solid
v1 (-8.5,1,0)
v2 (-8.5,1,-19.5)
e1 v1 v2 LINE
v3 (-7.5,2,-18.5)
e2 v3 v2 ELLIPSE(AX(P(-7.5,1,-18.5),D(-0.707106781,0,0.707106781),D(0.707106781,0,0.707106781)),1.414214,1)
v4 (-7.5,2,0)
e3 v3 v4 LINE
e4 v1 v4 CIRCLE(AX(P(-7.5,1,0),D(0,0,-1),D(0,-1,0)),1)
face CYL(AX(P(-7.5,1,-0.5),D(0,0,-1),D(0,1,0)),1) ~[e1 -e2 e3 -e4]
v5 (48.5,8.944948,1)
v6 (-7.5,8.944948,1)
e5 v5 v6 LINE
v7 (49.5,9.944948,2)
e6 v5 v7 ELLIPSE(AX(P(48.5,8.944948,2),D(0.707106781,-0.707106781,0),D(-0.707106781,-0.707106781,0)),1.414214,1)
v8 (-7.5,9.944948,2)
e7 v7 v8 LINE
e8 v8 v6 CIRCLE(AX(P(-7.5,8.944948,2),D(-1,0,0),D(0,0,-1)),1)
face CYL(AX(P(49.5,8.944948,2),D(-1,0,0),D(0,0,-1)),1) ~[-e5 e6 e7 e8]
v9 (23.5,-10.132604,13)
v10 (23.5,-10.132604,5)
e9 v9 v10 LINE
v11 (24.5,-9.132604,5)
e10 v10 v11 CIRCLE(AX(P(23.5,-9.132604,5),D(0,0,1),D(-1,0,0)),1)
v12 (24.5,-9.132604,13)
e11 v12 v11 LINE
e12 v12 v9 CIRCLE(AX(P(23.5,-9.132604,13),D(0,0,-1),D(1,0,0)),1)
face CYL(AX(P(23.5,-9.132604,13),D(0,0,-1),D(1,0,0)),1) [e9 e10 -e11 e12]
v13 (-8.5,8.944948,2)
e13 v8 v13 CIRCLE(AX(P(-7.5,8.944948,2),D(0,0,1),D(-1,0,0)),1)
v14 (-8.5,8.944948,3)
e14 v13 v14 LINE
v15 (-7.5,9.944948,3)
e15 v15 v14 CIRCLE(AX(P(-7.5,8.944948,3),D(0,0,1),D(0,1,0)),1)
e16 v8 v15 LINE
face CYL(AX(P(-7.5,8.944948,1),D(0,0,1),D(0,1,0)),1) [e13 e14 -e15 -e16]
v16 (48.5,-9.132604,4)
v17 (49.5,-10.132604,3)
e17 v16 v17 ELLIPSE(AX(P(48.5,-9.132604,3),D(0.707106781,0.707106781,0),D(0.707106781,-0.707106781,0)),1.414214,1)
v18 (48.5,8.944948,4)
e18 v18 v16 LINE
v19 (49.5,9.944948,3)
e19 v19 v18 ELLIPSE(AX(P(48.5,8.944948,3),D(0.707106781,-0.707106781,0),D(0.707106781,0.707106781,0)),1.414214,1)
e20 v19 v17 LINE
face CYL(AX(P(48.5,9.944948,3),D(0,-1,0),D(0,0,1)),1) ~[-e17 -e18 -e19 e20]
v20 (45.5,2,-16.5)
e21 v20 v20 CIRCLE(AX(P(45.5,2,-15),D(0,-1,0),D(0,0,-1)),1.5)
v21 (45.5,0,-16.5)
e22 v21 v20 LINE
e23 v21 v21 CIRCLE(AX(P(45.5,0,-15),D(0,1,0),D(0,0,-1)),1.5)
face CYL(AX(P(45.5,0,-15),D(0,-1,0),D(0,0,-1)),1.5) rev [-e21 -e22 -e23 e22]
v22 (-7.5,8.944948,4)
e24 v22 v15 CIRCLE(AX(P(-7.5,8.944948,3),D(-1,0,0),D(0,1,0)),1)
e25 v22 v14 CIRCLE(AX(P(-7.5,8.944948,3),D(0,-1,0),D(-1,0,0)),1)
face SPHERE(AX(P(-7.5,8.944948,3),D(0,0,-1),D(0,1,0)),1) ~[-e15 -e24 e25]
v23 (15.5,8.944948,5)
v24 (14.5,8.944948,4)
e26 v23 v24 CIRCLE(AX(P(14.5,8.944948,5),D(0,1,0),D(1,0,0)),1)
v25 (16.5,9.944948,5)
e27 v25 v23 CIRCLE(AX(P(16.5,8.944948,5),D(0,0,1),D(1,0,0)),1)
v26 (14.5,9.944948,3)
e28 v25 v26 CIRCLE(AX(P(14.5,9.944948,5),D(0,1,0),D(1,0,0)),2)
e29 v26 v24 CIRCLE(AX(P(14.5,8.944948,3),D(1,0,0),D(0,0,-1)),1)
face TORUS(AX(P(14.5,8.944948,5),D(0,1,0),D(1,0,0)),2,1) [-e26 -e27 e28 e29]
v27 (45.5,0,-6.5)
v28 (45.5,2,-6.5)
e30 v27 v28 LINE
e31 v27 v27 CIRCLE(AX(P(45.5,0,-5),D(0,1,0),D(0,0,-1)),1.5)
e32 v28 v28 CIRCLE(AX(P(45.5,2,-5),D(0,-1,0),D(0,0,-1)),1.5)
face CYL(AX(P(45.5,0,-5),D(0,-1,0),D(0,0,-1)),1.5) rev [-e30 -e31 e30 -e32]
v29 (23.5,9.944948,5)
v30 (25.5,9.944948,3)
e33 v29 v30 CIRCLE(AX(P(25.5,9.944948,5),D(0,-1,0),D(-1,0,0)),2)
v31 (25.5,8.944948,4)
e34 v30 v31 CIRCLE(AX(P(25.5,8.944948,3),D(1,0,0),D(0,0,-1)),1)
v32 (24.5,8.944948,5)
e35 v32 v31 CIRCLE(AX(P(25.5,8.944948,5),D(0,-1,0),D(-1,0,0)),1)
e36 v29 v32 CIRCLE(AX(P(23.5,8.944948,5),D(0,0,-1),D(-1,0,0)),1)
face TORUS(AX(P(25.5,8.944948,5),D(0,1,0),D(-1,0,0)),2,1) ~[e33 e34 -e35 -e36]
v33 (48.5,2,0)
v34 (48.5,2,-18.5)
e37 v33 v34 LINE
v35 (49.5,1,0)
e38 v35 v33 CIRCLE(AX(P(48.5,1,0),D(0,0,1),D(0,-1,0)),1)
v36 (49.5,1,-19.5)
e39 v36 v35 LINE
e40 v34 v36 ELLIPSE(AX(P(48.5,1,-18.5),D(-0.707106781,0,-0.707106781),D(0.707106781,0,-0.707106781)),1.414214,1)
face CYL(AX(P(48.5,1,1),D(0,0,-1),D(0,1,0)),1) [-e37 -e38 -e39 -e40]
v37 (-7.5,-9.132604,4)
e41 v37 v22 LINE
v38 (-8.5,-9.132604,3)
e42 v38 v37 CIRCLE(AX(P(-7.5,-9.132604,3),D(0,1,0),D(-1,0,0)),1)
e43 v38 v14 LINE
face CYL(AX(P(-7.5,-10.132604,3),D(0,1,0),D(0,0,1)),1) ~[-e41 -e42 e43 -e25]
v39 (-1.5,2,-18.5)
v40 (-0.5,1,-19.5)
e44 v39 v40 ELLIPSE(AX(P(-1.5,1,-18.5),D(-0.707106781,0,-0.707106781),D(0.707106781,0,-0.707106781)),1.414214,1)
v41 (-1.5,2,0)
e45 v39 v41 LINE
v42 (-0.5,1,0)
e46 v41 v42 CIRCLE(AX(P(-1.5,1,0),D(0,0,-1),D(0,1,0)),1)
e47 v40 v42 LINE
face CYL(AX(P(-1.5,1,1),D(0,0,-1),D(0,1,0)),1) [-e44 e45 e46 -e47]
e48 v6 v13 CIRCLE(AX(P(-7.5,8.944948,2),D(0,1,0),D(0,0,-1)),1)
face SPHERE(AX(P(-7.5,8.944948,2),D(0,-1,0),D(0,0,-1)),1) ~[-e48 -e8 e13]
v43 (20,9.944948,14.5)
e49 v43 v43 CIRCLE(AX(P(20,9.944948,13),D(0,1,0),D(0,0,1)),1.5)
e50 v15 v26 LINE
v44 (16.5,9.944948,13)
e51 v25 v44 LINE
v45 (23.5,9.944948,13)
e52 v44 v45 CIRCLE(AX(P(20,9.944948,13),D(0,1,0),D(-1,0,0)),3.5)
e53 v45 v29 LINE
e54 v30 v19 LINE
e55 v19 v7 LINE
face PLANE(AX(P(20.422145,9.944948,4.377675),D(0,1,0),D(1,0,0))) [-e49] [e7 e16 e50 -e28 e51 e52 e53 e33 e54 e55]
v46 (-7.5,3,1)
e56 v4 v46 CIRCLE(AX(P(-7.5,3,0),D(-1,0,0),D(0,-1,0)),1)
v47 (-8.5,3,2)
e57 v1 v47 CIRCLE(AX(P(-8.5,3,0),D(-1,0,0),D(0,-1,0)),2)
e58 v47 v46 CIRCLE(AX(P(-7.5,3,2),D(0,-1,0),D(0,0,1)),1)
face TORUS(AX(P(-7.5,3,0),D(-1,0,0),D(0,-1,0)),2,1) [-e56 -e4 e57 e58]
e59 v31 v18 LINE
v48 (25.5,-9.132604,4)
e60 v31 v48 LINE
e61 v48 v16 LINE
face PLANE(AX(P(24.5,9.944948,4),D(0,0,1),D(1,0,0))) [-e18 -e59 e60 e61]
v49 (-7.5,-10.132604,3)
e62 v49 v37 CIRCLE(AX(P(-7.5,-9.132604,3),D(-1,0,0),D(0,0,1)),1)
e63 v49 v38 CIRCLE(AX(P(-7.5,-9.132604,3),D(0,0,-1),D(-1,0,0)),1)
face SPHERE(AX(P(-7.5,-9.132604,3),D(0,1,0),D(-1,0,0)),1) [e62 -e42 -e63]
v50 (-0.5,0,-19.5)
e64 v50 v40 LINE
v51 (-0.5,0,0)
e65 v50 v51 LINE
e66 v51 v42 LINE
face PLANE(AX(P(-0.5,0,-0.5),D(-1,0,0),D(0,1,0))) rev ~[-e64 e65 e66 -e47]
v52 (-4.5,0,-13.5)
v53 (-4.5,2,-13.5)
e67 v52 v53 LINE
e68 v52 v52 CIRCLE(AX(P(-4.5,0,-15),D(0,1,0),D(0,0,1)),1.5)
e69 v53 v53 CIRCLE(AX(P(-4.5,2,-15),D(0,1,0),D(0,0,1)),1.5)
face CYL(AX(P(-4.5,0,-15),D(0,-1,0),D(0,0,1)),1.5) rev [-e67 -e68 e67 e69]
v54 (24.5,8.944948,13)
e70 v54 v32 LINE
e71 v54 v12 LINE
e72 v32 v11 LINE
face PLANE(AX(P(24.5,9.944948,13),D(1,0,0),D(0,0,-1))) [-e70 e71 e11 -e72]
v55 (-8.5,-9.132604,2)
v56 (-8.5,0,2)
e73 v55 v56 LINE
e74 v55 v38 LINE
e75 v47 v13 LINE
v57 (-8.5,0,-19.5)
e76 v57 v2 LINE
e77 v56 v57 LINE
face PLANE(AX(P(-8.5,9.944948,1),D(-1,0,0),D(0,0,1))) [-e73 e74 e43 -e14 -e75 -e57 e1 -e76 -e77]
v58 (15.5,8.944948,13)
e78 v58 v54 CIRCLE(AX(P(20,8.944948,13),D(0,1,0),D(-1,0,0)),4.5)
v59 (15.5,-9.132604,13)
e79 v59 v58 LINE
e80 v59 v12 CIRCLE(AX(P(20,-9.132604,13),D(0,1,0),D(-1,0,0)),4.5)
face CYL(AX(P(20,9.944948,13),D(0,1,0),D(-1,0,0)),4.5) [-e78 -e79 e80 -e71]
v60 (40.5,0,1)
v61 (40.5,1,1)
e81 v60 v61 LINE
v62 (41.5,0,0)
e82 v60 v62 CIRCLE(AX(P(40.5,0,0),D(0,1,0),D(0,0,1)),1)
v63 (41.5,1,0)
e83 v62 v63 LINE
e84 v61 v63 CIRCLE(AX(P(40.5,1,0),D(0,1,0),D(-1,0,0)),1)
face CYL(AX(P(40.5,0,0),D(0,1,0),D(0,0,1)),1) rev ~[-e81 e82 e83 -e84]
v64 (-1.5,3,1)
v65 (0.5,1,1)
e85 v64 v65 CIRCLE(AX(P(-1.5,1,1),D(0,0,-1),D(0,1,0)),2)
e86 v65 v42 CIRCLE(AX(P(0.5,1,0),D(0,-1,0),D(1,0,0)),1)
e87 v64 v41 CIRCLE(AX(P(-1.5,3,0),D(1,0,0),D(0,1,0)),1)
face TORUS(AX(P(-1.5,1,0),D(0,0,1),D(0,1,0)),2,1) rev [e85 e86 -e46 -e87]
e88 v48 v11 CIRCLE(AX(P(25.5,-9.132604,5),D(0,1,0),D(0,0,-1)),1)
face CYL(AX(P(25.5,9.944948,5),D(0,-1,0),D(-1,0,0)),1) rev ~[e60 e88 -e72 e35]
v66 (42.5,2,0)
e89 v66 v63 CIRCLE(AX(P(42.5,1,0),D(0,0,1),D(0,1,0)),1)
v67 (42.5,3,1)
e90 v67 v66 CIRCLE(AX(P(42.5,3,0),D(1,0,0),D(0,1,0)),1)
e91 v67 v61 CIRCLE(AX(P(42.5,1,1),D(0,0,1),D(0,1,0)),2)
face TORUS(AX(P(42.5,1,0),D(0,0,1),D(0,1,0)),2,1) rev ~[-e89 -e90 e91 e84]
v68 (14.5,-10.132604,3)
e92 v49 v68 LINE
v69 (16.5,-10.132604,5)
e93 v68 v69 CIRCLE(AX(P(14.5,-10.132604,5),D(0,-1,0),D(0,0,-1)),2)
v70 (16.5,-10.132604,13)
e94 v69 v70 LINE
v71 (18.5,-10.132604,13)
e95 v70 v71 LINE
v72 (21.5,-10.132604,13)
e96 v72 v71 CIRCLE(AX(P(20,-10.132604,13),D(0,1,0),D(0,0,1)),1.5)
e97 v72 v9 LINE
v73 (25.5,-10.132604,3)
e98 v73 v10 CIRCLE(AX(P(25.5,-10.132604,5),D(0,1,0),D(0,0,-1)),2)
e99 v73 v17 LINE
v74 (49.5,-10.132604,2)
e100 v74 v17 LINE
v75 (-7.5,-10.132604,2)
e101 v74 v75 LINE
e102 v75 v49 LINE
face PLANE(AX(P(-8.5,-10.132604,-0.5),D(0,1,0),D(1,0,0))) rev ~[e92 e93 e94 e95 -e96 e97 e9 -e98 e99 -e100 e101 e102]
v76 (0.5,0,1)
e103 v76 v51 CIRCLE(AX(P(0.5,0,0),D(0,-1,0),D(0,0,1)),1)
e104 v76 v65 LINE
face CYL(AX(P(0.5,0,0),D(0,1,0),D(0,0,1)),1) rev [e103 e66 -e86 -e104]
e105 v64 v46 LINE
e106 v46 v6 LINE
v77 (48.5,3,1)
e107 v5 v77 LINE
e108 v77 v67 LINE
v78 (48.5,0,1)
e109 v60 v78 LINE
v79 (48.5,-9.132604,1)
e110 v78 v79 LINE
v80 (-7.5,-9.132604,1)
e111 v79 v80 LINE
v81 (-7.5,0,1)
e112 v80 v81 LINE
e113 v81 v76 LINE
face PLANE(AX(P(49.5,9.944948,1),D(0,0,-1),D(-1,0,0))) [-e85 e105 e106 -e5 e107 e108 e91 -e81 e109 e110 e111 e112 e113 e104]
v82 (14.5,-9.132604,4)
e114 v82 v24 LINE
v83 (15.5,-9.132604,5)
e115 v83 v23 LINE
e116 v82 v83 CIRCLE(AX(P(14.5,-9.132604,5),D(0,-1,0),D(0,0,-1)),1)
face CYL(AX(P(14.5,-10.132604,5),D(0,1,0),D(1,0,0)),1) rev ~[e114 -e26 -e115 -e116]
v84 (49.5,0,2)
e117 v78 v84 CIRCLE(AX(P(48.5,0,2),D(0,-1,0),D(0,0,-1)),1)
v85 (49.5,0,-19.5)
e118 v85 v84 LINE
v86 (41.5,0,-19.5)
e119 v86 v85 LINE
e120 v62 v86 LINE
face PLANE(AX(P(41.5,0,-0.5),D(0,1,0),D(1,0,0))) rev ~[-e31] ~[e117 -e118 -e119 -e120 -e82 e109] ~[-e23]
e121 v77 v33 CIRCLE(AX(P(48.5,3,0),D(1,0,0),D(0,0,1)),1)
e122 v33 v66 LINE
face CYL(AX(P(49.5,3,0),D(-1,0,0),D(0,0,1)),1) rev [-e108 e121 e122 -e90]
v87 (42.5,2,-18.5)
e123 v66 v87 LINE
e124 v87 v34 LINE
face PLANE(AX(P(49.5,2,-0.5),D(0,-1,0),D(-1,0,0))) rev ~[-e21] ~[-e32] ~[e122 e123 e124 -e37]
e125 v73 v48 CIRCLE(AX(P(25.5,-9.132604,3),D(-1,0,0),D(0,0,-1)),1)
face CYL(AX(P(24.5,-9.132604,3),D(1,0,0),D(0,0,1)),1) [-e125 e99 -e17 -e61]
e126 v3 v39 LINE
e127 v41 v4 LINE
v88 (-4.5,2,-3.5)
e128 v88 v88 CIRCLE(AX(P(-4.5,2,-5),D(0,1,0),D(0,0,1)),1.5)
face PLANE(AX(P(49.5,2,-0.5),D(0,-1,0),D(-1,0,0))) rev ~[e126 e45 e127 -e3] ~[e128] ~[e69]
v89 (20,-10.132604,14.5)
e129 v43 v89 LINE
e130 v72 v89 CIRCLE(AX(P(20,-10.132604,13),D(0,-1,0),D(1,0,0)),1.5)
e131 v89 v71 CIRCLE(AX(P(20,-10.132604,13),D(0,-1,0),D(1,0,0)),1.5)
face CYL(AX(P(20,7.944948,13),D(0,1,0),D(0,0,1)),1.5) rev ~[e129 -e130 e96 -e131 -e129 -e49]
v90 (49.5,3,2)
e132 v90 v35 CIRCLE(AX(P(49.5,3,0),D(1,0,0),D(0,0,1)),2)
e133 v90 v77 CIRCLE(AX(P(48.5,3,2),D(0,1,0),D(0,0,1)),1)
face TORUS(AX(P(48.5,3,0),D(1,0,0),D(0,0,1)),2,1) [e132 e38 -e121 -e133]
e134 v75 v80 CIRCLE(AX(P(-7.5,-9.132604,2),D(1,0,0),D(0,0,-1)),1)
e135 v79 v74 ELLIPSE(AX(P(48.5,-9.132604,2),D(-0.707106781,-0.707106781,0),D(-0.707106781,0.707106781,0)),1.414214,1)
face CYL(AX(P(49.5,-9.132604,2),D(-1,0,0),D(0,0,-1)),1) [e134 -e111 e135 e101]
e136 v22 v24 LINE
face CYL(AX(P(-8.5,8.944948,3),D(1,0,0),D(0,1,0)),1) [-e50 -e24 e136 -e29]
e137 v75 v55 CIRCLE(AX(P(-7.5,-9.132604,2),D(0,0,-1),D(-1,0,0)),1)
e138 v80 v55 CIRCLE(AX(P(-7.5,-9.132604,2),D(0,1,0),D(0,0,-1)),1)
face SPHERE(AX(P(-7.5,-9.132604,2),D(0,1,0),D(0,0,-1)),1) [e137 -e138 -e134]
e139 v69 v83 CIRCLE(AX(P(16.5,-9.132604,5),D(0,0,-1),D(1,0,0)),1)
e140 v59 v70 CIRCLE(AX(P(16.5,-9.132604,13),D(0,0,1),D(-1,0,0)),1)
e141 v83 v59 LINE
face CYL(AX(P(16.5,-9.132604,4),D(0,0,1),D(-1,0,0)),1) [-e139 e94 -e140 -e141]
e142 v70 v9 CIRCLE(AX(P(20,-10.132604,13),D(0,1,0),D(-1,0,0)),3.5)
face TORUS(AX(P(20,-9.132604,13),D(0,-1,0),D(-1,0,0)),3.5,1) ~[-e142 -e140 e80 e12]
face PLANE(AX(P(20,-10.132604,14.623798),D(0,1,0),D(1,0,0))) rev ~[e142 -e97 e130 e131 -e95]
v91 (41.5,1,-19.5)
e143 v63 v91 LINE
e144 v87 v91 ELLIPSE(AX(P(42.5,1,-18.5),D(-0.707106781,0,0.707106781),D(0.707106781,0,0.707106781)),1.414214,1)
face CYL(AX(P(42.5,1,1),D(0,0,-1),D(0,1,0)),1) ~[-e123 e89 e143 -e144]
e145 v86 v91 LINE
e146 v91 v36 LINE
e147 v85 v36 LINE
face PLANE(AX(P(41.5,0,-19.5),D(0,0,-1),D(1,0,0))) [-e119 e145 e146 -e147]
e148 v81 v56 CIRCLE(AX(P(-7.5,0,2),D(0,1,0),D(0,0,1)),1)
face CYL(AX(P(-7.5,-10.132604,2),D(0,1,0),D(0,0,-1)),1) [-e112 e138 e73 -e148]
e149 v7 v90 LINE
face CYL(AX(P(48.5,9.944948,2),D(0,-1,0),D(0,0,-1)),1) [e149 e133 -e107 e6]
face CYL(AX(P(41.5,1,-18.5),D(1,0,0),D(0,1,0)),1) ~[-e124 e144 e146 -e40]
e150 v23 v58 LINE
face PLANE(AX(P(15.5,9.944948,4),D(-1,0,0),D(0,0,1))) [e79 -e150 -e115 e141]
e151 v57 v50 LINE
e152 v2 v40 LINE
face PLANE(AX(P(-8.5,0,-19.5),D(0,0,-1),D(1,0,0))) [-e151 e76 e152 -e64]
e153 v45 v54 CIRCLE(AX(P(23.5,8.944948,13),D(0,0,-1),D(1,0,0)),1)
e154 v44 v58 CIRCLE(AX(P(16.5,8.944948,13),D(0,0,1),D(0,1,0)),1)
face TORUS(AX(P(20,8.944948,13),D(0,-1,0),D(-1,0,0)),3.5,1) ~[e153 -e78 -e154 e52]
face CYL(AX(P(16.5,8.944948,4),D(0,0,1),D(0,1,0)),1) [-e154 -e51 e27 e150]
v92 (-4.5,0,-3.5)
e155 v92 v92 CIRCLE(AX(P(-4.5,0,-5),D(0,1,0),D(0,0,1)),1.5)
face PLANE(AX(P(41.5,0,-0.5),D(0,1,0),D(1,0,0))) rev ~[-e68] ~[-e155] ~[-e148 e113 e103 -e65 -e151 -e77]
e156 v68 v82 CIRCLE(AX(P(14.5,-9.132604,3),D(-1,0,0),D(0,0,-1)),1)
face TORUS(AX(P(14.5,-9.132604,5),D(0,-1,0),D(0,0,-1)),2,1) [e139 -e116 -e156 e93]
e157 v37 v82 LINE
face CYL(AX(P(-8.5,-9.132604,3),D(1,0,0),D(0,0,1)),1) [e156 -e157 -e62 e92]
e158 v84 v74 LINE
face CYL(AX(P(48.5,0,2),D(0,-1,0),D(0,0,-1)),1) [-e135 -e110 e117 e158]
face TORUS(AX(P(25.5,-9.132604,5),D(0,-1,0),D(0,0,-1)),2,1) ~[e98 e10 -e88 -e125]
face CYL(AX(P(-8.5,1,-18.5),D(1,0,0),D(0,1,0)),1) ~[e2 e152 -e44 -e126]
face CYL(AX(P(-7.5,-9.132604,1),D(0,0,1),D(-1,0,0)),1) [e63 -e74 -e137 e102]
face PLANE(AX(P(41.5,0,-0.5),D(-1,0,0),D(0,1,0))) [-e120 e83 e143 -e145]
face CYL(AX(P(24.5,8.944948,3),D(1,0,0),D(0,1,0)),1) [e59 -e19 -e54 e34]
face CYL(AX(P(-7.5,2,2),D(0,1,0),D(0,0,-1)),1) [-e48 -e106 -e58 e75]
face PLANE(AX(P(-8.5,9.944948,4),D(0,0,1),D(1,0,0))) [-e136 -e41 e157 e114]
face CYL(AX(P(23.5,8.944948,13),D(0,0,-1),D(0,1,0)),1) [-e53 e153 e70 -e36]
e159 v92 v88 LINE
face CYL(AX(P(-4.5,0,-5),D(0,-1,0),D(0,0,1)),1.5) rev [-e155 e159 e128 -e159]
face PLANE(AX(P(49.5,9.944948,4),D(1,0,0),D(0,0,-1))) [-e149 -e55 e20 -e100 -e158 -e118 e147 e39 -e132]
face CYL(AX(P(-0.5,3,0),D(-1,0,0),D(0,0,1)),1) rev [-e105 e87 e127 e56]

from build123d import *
from build123d.topology import SkipClean

# Parameters (mm, degrees)
SKETCH1_W             = 8
SKETCH1_H             = 19
SKETCH1_R             = 1.5
BOSS_EXTRUDE1_DEPTH   = 2
BOSS_EXTRUDE1_2_DEPTH = 2
SKETCH3_W             = 8
SKETCH3_H             = 2
BOSS_EXTRUDE3_DEPTH   = 4.5
SKETCH4_W             = 9
SKETCH4_H             = 18.077551635
BOSS_EXTRUDE4_DEPTH   = 9
BOSS_EXTRUDE5_DEPTH   = 18.077552
SKETCH6_R             = 1.5
CUT_EXTRUDE1_DEPTH    = 57.189837927
SKETCH1_3_R           = 1.5
CUT_EXTRUDE2_DEPTH    = 55.158745093
SKETCH1_4_R           = 1.5
CUT_EXTRUDE3_DEPTH    = 55.158745093
SKETCH12_W            = 42
SKETCH12_H            = 2
CUT_EXTRUDE5_DEPTH    = 1.5
BOSS_EXTRUDE6_START   = 2
SKETCH14_R            = 1.5
BOSS_EXTRUDE6_DEPTH   = 2
FILLET1_R             = 1


with BuildPart() as part:
    # Sketch1 → Boss-Extrude1 (new body)
    with BuildSketch(Plane(origin=(0, 0, 0), x_dir=(1, 0, 0), z_dir=(0, 1, 0))):
        with Locations((-4.5, 10)):
            Rectangle(SKETCH1_W, SKETCH1_H)
        with Locations(Location((-4.5, 15, 0), (0, 0, 270))):
            Circle(SKETCH1_R, mode=Mode.SUBTRACT)
        with Locations(Location((-4.5, 5, 0), (0, 0, 270))):
            Circle(SKETCH1_R, mode=Mode.SUBTRACT)
    extrude(amount=BOSS_EXTRUDE1_DEPTH)



with BuildPart() as body_2:
    # Sketch1 → Boss-Extrude1 2 (new body)
    with BuildSketch(Plane(origin=(0, 0, 0), x_dir=(1, 0, 0), z_dir=(0, 1, 0))):
        with Locations((45.5, 10)):
            Rectangle(SKETCH1_W, SKETCH1_H)
    extrude(amount=BOSS_EXTRUDE1_2_DEPTH)


with BuildPart() as part_1:
    add(part.part)

    add(body_2.part)  # Boss-Extrude3 merges body 2
    # Sketch3 → Boss-Extrude3 (add)
    with BuildSketch(Plane.XY.offset(-0.5)):
        Polygon((-0.5, 2), (-0.5, 0), (49.5, 0), (49.5, 7.944947695), (-8.5, 7.944947695), (-8.5, 2), align=None)
        Polygon((-0.5, 0), (-8.5, 0), (-8.5, -10.13260394), (49.5, -10.13260394), (49.5, 0), align=None)
        with Locations((-4.5, 1)):
            Rectangle(SKETCH3_W, SKETCH3_H)
    extrude(amount=BOSS_EXTRUDE3_DEPTH)

    # Sketch4 → Boss-Extrude4 (add)
    with BuildSketch(Plane.XY.offset(4)):
        with Locations((20, -1.093828123)):
            Rectangle(SKETCH4_W, SKETCH4_H)
    extrude(amount=BOSS_EXTRUDE4_DEPTH)

    # Sketch5 → Boss-Extrude5 (add, through all)
    with BuildSketch(Plane(origin=(0, 7.944947695, 0), x_dir=(1, 0, 0), z_dir=(0, 1, 0))):
        with BuildLine():
            Line((18.5, -13), (15.5, -13))
            ThreePointArc((15.5, -13), (20, -17.5), (24.5, -13))
            Line((24.5, -13), (21.5, -13))
            ThreePointArc((21.5, -13), (20, -14.5), (18.5, -13))
        make_face()
    extrude(amount=-BOSS_EXTRUDE5_DEPTH)

    # Sketch6 → Cut-Extrude1 (cut, through all)
    with SkipClean():  # the faces are left unmerged after this step: merging them gives an invalid solid
        with BuildSketch(Plane(origin=(0, 7.944947695, 0), x_dir=(1, 0, 0), z_dir=(0, 1, 0))):
            with Locations(Location((20, -13, 0), (0, 0, 270))):
                Circle(SKETCH6_R)
        extrude(amount=-CUT_EXTRUDE1_DEPTH, mode=Mode.SUBTRACT)

    # Sketch1<3> → Cut-Extrude2 (cut, through all)
    with SkipClean():  # the faces are left unmerged after this step: merging them gives an invalid solid
        with BuildSketch(Plane(origin=(0, 0, 0), x_dir=(1, 0, 0), z_dir=(0, 1, 0))):
            with Locations(Location((45.5, 15, 0), (0, 0, 90))):
                Circle(SKETCH1_3_R)
        extrude(amount=CUT_EXTRUDE2_DEPTH, mode=Mode.SUBTRACT)

    # Sketch1<4> → Cut-Extrude3 (cut, through all)
    with SkipClean():  # the faces are left unmerged after this step: merging them gives an invalid solid
        with BuildSketch(Plane(origin=(0, 0, 0), x_dir=(1, 0, 0), z_dir=(0, 1, 0))):
            with Locations(Location((45.5, 5, 0), (0, 0, 90))):
                Circle(SKETCH1_4_R)
        extrude(amount=CUT_EXTRUDE3_DEPTH, mode=Mode.SUBTRACT)

    # Sketch12 → Cut-Extrude5 (cut)
    with SkipClean():  # the faces are left unmerged after this step: merging them gives an invalid solid
        with BuildSketch(Plane(origin=(0, 0, -0.5), x_dir=(-1, 0, 0), z_dir=(0, 0, -1))):
            Polygon((-41.5, 2), (0.5, 2), (8.5, 2), (8.5, 7.944947695), (-49.5, 7.944947695), (-49.5, 2), align=None)
            with Locations((-20.5, 1)):
                Rectangle(SKETCH12_W, SKETCH12_H)
            Polygon((-41.5, 0), (-49.5, 0), (-49.5, -10.13260394), (8.5, -10.13260394), (8.5, 0), (0.5, 0), align=None)
        extrude(amount=-CUT_EXTRUDE5_DEPTH, mode=Mode.SUBTRACT)

    # Sketch14 → Boss-Extrude6 (add)
    with BuildSketch(Plane(origin=(0, 7.944947695, 0), x_dir=(1, 0, 0), z_dir=(0, 1, 0)).offset(BOSS_EXTRUDE6_START)):
        with BuildLine():
            Line((49.5, -1), (-8.5, -1))
            Line((-8.5, -1), (-8.5, -4))
            Line((-8.5, -4), (15.5, -4))
            Line((15.5, -4), (15.5, -13))
            ThreePointArc((15.5, -13), (20, -17.5), (24.5, -13))
            Line((24.5, -13), (24.5, -4))
            Line((24.5, -4), (49.5, -4))
            Line((49.5, -4), (49.5, -1))
        make_face()
        with Locations(Location((20, -13, 0), (0, 0, 270))):
            Circle(SKETCH14_R, mode=Mode.SUBTRACT)
    extrude(amount=-BOSS_EXTRUDE6_DEPTH)

    # Fillet1
    fillet1_edges = [part_1.edges().sort_by_distance(p)[0] for p in [
        (-0.5, 2, -9.25),
        (45.5, 2, 1),
        (49.5, 5.972473847, 1),
        (-8.5, 5.972473847, 1),
        (-4.5, 2, 1),
        (-0.5, 1, 1),
        (-8.5, -5.06630197, 1),
        (20.5, -10.13260394, 1),
        (49.5, -5.06630197, 1),
        (41.5, 1, 1),
        (20, 9.944947695, 17.5),
        (24.5, 9.944947695, 8.5),
        (37, 9.944947695, 4),
        (20.5, 9.944947695, 1),
        (-8.5, 9.944947695, 2.5),
        (-4.5, 2, -19.5),
        (3.5, 9.944947695, 4),
        (15.5, 9.944947695, 8.5),
        (-8.5, 2, -9.25),
        (-8.5, -0.093828123, 4),
        (-8.5, -10.13260394, 2.5),
        (3.5, -10.13260394, 4),
        (49.5, -0.093828123, 4),
        (49.5, 2, -9.25),
        (45.5, 2, -19.5),
        (41.5, 2, -9.25),
        (37, -10.13260394, 4),
        (15.5, -10.13260394, 8.5),
        (24.5, -0.093828123, 4),
        (24.5, -10.13260394, 8.5),
        (15.5, -0.093828123, 4),
        (20, -10.132604305, 17.5),
    ]]
    fillet(fillet1_edges, radius=FILLET1_R)


solid = part_1.part
